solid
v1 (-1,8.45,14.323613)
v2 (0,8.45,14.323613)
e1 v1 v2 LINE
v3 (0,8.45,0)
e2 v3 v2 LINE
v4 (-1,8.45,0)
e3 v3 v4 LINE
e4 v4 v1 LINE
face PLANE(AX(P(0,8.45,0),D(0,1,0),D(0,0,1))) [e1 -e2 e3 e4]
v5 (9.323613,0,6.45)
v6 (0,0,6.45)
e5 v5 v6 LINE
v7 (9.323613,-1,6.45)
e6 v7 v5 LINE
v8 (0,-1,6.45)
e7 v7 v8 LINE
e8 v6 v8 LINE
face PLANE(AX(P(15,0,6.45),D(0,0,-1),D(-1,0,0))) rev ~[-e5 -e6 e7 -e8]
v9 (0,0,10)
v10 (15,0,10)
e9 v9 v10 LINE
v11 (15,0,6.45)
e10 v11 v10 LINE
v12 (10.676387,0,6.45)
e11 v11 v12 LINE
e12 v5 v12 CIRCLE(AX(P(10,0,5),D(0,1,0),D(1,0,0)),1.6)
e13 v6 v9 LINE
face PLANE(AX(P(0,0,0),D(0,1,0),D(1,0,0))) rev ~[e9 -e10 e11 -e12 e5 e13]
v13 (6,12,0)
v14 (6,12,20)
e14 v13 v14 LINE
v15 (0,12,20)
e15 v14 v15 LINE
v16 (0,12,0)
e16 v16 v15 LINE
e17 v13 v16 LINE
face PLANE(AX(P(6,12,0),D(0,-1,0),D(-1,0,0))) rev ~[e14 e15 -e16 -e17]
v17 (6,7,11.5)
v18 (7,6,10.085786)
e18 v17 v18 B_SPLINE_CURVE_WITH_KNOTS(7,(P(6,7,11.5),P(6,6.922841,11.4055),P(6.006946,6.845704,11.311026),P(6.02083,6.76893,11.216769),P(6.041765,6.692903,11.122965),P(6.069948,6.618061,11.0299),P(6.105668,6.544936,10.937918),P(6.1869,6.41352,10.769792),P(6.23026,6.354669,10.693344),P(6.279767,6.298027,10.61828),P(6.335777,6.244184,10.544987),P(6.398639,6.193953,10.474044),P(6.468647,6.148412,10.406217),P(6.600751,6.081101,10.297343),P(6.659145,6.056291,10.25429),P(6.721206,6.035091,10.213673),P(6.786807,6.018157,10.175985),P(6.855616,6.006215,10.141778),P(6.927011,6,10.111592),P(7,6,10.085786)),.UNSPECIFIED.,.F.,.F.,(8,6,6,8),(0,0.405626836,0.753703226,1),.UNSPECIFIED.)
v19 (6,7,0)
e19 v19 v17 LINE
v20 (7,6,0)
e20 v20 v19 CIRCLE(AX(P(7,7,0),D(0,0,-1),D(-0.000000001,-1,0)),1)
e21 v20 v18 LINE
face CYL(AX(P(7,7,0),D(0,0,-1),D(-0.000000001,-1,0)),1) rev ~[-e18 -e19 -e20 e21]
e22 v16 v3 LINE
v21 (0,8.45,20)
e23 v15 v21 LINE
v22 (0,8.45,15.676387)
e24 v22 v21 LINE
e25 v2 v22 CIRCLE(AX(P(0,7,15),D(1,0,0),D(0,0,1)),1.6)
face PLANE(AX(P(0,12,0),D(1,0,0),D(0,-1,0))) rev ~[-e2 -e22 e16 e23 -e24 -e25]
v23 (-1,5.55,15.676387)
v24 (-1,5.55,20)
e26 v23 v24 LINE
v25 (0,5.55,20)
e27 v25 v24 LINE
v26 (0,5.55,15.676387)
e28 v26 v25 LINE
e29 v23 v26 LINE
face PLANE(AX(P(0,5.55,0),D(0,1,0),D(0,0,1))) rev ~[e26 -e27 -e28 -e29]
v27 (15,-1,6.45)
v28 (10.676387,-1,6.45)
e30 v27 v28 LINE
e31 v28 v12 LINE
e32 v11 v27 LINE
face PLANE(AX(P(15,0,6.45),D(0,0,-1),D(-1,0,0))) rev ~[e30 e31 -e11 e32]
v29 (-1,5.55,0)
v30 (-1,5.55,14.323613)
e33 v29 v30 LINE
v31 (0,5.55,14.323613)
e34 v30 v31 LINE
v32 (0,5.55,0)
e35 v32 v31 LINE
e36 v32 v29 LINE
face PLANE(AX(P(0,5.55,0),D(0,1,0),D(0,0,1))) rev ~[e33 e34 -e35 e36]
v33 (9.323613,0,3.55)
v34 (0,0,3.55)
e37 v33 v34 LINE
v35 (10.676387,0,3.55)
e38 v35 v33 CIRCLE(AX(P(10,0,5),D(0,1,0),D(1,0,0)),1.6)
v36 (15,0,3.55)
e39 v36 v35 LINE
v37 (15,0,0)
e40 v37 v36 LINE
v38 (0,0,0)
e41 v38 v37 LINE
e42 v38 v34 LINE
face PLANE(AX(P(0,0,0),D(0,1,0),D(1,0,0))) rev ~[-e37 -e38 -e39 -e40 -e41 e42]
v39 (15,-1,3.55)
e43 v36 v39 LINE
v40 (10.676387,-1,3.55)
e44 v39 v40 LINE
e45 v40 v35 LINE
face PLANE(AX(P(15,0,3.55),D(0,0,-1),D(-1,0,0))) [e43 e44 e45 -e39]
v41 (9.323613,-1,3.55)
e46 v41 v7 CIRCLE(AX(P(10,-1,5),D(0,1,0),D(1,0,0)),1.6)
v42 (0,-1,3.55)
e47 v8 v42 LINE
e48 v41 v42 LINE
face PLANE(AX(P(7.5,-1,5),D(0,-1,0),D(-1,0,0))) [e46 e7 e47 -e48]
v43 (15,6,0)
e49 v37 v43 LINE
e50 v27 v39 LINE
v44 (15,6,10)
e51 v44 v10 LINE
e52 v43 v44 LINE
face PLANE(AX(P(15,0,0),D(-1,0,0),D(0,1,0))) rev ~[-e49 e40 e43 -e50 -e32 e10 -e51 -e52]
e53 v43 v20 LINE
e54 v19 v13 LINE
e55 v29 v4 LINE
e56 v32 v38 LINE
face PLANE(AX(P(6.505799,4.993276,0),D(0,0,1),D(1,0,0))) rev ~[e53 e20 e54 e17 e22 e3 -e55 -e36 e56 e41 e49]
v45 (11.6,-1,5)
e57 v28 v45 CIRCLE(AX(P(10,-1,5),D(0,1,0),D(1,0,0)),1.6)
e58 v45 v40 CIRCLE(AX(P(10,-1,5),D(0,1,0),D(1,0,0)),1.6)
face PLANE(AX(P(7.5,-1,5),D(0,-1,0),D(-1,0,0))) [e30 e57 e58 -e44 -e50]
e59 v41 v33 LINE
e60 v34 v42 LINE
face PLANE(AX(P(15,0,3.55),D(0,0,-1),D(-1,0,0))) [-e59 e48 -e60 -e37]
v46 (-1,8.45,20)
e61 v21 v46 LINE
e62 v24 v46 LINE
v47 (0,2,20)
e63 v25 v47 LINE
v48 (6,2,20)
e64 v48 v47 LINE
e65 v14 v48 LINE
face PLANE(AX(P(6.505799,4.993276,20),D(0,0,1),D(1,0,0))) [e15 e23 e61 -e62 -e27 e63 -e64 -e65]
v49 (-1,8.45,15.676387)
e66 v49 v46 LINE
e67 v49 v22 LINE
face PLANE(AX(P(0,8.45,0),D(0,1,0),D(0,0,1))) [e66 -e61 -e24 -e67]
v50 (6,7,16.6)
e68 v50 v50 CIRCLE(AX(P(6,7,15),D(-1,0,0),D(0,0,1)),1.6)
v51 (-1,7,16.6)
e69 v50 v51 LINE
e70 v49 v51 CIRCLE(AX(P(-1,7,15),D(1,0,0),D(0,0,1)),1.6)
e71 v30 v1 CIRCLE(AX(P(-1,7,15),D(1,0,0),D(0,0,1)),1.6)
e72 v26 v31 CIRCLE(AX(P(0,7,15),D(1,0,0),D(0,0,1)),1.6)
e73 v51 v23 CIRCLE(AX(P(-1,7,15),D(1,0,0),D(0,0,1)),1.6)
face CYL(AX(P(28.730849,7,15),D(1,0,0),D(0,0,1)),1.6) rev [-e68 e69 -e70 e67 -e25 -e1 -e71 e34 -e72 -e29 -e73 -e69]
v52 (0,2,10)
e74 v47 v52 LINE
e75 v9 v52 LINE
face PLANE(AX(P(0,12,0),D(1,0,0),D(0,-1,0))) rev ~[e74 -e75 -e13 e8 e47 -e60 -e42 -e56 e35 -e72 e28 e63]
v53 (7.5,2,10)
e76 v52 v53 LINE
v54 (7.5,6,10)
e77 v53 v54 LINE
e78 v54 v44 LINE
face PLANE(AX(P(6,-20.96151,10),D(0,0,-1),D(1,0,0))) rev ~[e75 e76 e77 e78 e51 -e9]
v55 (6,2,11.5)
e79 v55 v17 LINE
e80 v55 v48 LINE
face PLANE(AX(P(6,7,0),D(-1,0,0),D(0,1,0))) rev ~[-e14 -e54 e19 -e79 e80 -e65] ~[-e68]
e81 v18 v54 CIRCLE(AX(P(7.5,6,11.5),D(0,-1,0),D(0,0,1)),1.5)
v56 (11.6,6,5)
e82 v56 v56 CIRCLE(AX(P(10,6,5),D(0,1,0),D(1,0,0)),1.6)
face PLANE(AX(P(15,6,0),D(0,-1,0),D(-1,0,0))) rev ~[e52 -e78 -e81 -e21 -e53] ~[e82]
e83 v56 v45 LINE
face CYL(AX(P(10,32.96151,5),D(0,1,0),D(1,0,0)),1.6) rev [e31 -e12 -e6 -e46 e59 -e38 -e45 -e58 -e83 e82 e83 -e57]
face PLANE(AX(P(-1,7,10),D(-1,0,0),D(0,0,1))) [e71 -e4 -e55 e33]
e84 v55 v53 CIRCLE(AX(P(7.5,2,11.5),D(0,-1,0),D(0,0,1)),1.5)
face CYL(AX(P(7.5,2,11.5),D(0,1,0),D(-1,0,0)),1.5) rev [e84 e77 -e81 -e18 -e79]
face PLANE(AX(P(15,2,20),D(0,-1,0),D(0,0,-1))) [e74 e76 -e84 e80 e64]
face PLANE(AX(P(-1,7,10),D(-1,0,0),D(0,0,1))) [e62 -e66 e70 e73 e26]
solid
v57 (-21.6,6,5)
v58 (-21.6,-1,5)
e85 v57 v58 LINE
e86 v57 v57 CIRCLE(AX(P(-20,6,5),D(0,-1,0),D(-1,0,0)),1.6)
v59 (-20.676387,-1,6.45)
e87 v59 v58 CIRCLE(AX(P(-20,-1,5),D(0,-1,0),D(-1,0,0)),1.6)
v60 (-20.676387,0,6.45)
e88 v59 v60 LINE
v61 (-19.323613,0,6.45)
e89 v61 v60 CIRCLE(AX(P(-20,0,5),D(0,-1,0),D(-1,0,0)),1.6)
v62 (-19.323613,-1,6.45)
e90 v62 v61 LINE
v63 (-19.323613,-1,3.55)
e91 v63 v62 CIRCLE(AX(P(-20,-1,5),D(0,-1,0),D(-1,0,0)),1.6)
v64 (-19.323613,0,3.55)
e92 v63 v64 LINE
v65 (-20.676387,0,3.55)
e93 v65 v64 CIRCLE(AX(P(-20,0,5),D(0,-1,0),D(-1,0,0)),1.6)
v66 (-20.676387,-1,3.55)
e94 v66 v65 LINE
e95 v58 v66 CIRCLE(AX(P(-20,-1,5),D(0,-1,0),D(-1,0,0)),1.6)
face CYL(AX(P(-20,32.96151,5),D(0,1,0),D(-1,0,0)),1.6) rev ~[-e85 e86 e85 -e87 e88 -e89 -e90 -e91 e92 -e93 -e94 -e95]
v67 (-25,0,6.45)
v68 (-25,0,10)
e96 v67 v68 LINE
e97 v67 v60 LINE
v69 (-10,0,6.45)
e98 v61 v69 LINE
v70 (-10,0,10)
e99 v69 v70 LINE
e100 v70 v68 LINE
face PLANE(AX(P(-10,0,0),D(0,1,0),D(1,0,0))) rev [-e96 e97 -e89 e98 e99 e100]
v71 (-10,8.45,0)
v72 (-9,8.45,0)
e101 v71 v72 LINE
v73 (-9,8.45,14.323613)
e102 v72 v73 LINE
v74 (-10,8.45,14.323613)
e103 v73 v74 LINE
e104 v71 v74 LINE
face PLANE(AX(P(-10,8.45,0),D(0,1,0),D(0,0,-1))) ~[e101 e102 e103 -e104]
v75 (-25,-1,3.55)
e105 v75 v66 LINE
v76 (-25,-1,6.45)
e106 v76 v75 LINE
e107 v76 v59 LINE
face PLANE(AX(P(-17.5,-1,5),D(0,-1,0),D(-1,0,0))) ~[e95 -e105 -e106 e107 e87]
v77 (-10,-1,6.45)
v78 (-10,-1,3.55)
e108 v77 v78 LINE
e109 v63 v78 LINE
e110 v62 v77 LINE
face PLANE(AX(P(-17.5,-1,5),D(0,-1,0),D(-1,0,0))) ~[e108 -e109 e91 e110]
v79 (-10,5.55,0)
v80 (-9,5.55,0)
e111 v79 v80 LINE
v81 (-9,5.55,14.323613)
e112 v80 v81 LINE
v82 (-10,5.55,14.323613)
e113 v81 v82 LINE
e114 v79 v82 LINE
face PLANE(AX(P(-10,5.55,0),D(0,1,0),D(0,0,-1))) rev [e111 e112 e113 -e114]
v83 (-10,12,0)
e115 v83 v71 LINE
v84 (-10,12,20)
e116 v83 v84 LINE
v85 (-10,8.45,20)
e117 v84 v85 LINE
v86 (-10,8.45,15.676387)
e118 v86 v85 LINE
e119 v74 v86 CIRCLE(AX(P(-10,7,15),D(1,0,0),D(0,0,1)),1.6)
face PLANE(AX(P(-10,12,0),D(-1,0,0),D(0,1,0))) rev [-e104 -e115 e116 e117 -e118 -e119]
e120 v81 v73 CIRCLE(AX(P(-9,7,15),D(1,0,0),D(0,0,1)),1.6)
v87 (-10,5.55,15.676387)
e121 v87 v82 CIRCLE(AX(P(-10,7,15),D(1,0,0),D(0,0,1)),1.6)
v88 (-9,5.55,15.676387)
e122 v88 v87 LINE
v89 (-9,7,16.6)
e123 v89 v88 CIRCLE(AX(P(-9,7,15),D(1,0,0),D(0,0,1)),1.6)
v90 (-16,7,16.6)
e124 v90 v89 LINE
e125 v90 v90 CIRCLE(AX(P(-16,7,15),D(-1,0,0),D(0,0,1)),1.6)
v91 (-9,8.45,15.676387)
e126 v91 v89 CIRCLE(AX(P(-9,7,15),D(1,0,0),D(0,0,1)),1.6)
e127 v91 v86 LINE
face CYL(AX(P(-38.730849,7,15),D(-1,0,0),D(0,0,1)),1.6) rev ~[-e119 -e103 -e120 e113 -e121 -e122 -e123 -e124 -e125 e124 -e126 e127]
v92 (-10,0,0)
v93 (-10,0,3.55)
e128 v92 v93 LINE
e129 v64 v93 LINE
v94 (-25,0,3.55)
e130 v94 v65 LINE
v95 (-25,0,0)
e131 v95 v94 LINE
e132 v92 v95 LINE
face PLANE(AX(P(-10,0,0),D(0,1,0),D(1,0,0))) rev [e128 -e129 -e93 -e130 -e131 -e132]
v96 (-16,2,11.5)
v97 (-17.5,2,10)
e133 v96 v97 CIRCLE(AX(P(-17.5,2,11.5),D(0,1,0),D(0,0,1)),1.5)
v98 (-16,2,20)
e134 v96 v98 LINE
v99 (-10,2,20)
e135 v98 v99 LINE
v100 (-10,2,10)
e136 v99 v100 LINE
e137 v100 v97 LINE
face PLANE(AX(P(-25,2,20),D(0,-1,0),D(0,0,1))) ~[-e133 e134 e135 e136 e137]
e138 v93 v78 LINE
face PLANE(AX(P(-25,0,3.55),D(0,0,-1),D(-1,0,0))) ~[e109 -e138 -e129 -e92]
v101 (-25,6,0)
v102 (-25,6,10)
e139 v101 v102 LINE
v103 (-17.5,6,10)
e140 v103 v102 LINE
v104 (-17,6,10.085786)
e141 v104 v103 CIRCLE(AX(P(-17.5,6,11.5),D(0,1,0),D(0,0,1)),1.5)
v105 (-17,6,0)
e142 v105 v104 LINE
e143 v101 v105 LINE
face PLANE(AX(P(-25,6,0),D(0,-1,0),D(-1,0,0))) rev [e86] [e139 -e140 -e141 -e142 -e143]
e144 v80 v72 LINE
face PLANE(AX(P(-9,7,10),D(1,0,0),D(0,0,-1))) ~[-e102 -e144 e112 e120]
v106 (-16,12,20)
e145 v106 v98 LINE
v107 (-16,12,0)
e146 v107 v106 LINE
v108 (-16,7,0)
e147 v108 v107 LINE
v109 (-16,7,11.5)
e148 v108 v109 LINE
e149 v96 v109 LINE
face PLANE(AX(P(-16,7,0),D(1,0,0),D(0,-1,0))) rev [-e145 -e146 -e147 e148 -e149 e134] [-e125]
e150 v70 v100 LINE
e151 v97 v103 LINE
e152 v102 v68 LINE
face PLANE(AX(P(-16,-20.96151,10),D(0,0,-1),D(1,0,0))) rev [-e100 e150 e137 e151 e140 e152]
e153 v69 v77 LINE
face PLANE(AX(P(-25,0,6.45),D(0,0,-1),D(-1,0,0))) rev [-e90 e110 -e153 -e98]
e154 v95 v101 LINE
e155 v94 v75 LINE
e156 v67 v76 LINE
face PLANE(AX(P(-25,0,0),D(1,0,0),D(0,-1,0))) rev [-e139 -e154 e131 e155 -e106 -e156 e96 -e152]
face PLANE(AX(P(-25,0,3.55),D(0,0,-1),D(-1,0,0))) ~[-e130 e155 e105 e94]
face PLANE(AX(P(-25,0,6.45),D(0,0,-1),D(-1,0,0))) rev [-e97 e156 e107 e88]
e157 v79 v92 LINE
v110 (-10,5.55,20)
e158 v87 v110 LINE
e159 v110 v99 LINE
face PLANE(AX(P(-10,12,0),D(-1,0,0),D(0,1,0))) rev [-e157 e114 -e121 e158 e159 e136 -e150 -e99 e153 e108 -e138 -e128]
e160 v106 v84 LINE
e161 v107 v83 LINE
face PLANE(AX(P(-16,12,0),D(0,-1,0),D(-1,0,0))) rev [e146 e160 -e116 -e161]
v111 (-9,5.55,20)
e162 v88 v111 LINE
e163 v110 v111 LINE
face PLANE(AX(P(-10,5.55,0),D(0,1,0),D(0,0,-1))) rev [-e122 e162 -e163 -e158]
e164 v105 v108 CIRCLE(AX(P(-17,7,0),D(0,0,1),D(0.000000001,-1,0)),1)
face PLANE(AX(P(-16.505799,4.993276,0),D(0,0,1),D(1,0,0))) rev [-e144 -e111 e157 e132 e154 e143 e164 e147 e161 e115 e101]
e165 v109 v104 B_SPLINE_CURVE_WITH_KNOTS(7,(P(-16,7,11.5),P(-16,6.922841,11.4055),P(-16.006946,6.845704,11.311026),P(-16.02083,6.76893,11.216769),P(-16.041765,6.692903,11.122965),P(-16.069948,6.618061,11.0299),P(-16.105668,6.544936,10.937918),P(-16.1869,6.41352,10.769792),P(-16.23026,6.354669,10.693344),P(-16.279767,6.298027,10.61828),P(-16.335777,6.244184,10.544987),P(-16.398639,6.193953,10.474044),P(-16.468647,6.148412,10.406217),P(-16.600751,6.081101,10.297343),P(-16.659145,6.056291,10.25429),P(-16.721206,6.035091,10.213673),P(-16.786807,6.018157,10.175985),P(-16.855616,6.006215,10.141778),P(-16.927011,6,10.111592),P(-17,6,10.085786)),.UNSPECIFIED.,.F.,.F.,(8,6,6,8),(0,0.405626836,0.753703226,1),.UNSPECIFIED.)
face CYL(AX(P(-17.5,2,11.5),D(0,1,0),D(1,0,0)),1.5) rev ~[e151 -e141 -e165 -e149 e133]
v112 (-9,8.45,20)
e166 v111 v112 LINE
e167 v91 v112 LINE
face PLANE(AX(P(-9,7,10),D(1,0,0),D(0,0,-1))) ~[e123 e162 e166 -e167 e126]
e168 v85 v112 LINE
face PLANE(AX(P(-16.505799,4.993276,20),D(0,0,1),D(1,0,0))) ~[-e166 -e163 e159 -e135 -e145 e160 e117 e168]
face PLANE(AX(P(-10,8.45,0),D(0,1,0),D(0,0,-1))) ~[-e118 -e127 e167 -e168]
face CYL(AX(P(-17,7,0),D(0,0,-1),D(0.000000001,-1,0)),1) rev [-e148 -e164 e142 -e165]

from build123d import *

# Parameters (mm, degrees)
MAIN_DEPTH                   = 20
ESQUISSE4_W                  = 20
ESQUISSE4_H                  = 2.9
VERTICALGUIDANCE_DEPTH       = 1
VERTICALHOLE_DEPTH           = 28.730849248
VERTICALHOLE_DEPTH_BACK      = 28.730849248
ESQUISSE2_R                  = 1.6
ESQUISSE5_W                  = 15
ESQUISSE5_H                  = 2.9
HORIZONTALGUIDANCE_DEPTH     = 1
HORIZONTALHOLE_DEPTH         = 26.961510106
HORIZONTALHOLE_DEPTH_BACK    = 26.961510106
ESQUISSE3_R                  = 1.6
ENL_V_MAT_EXTRU_4_DEPTH      = 26.961510106
ENL_V_MAT_EXTRU_4_DEPTH_BACK = 26.961510106
ESQUISSE9_W                  = 9
ESQUISSE9_H                  = 10
SKETCH1_W                    = 10
SKETCH1_H                    = 2
CUT_EXTRUDE1_DEPTH           = 29.284271247
CONG_2_R                     = 1.5


with BuildPart() as part:
    # Esquisse1 → Main (new body)
    with BuildSketch(Plane.XY):
        with BuildLine():
            Line((0, 0), (15, 0))
            Line((15, 0), (15, 6))
            Line((15, 6), (7, 6))
            ThreePointArc((7, 6), (6.292893219, 6.292893219), (6, 7))
            Line((6, 7), (6, 12))
            Line((6, 12), (0, 12))
            Line((0, 12), (0, 0))
        make_face()
    extrude(amount=MAIN_DEPTH)

    # Esquisse4 → VerticalGuidance (add)
    with BuildSketch(Plane.ZY):
        with Locations((10, 7)):
            Rectangle(ESQUISSE4_W, ESQUISSE4_H)
    extrude(amount=VERTICALGUIDANCE_DEPTH)

    # Esquisse2 → VerticalHole (cut, two sides: drawn at the far end of the back side and taken through both)
    with BuildSketch(Plane.ZY.offset(-VERTICALHOLE_DEPTH_BACK)):
        with Locations((15, 7)):
            Circle(ESQUISSE2_R)
    extrude(amount=VERTICALHOLE_DEPTH + VERTICALHOLE_DEPTH_BACK, mode=Mode.SUBTRACT)

    # Esquisse5 → HorizontalGuidance (add)
    with BuildSketch(Plane(origin=(0, 0, 0), x_dir=(-1, 0, 0), z_dir=(0, -1, 0))):
        with Locations((-7.5, -5)):
            Rectangle(ESQUISSE5_W, ESQUISSE5_H)
    extrude(amount=HORIZONTALGUIDANCE_DEPTH)

    # Esquisse3 → HorizontalHole (cut, two sides: drawn at the far end of the back side and taken through both)
    with BuildSketch(Plane.XZ.offset(-6).offset(-HORIZONTALHOLE_DEPTH_BACK)):
        with Locations((10, 5)):
            Circle(ESQUISSE3_R)
    extrude(amount=HORIZONTALHOLE_DEPTH + HORIZONTALHOLE_DEPTH_BACK, mode=Mode.SUBTRACT)

    # Esquisse9 → Enlèv. mat.-Extru.4 (cut, two sides: drawn at the far end of the back side and taken through both)
    with BuildSketch(Plane(origin=(0, 6, 0), x_dir=(1, 0, 0), z_dir=(0, 1, 0)).offset(-ENL_V_MAT_EXTRU_4_DEPTH_BACK)):
        with Locations((10.5, -15)):
            Rectangle(ESQUISSE9_W, ESQUISSE9_H)
    extrude(amount=ENL_V_MAT_EXTRU_4_DEPTH + ENL_V_MAT_EXTRU_4_DEPTH_BACK, mode=Mode.SUBTRACT)

    # Sketch1 → Cut-Extrude1 (cut, through all)
    with BuildSketch(Plane(origin=(15, 0, 0), x_dir=(0, 0, -1), z_dir=(1, 0, 0))):
        with Locations((-15, 1)):
            Rectangle(SKETCH1_W, SKETCH1_H)
    extrude(amount=-CUT_EXTRUDE1_DEPTH, mode=Mode.SUBTRACT)

    # Congé2
    cong_2_edges = [part.edges().sort_by_distance(p)[0] for p in [
        (6, 4.5, 10),
    ]]
    fillet(cong_2_edges, radius=CONG_2_R)


with BuildPart() as body_2:
    # Mirror1: mirrored copy
    add(part.part.mirror(Plane(origin=(-5, 0, 0), x_dir=(0, 0, 1), z_dir=(1, 0, 0))))


solid = Compound([part.part, body_2.part])
